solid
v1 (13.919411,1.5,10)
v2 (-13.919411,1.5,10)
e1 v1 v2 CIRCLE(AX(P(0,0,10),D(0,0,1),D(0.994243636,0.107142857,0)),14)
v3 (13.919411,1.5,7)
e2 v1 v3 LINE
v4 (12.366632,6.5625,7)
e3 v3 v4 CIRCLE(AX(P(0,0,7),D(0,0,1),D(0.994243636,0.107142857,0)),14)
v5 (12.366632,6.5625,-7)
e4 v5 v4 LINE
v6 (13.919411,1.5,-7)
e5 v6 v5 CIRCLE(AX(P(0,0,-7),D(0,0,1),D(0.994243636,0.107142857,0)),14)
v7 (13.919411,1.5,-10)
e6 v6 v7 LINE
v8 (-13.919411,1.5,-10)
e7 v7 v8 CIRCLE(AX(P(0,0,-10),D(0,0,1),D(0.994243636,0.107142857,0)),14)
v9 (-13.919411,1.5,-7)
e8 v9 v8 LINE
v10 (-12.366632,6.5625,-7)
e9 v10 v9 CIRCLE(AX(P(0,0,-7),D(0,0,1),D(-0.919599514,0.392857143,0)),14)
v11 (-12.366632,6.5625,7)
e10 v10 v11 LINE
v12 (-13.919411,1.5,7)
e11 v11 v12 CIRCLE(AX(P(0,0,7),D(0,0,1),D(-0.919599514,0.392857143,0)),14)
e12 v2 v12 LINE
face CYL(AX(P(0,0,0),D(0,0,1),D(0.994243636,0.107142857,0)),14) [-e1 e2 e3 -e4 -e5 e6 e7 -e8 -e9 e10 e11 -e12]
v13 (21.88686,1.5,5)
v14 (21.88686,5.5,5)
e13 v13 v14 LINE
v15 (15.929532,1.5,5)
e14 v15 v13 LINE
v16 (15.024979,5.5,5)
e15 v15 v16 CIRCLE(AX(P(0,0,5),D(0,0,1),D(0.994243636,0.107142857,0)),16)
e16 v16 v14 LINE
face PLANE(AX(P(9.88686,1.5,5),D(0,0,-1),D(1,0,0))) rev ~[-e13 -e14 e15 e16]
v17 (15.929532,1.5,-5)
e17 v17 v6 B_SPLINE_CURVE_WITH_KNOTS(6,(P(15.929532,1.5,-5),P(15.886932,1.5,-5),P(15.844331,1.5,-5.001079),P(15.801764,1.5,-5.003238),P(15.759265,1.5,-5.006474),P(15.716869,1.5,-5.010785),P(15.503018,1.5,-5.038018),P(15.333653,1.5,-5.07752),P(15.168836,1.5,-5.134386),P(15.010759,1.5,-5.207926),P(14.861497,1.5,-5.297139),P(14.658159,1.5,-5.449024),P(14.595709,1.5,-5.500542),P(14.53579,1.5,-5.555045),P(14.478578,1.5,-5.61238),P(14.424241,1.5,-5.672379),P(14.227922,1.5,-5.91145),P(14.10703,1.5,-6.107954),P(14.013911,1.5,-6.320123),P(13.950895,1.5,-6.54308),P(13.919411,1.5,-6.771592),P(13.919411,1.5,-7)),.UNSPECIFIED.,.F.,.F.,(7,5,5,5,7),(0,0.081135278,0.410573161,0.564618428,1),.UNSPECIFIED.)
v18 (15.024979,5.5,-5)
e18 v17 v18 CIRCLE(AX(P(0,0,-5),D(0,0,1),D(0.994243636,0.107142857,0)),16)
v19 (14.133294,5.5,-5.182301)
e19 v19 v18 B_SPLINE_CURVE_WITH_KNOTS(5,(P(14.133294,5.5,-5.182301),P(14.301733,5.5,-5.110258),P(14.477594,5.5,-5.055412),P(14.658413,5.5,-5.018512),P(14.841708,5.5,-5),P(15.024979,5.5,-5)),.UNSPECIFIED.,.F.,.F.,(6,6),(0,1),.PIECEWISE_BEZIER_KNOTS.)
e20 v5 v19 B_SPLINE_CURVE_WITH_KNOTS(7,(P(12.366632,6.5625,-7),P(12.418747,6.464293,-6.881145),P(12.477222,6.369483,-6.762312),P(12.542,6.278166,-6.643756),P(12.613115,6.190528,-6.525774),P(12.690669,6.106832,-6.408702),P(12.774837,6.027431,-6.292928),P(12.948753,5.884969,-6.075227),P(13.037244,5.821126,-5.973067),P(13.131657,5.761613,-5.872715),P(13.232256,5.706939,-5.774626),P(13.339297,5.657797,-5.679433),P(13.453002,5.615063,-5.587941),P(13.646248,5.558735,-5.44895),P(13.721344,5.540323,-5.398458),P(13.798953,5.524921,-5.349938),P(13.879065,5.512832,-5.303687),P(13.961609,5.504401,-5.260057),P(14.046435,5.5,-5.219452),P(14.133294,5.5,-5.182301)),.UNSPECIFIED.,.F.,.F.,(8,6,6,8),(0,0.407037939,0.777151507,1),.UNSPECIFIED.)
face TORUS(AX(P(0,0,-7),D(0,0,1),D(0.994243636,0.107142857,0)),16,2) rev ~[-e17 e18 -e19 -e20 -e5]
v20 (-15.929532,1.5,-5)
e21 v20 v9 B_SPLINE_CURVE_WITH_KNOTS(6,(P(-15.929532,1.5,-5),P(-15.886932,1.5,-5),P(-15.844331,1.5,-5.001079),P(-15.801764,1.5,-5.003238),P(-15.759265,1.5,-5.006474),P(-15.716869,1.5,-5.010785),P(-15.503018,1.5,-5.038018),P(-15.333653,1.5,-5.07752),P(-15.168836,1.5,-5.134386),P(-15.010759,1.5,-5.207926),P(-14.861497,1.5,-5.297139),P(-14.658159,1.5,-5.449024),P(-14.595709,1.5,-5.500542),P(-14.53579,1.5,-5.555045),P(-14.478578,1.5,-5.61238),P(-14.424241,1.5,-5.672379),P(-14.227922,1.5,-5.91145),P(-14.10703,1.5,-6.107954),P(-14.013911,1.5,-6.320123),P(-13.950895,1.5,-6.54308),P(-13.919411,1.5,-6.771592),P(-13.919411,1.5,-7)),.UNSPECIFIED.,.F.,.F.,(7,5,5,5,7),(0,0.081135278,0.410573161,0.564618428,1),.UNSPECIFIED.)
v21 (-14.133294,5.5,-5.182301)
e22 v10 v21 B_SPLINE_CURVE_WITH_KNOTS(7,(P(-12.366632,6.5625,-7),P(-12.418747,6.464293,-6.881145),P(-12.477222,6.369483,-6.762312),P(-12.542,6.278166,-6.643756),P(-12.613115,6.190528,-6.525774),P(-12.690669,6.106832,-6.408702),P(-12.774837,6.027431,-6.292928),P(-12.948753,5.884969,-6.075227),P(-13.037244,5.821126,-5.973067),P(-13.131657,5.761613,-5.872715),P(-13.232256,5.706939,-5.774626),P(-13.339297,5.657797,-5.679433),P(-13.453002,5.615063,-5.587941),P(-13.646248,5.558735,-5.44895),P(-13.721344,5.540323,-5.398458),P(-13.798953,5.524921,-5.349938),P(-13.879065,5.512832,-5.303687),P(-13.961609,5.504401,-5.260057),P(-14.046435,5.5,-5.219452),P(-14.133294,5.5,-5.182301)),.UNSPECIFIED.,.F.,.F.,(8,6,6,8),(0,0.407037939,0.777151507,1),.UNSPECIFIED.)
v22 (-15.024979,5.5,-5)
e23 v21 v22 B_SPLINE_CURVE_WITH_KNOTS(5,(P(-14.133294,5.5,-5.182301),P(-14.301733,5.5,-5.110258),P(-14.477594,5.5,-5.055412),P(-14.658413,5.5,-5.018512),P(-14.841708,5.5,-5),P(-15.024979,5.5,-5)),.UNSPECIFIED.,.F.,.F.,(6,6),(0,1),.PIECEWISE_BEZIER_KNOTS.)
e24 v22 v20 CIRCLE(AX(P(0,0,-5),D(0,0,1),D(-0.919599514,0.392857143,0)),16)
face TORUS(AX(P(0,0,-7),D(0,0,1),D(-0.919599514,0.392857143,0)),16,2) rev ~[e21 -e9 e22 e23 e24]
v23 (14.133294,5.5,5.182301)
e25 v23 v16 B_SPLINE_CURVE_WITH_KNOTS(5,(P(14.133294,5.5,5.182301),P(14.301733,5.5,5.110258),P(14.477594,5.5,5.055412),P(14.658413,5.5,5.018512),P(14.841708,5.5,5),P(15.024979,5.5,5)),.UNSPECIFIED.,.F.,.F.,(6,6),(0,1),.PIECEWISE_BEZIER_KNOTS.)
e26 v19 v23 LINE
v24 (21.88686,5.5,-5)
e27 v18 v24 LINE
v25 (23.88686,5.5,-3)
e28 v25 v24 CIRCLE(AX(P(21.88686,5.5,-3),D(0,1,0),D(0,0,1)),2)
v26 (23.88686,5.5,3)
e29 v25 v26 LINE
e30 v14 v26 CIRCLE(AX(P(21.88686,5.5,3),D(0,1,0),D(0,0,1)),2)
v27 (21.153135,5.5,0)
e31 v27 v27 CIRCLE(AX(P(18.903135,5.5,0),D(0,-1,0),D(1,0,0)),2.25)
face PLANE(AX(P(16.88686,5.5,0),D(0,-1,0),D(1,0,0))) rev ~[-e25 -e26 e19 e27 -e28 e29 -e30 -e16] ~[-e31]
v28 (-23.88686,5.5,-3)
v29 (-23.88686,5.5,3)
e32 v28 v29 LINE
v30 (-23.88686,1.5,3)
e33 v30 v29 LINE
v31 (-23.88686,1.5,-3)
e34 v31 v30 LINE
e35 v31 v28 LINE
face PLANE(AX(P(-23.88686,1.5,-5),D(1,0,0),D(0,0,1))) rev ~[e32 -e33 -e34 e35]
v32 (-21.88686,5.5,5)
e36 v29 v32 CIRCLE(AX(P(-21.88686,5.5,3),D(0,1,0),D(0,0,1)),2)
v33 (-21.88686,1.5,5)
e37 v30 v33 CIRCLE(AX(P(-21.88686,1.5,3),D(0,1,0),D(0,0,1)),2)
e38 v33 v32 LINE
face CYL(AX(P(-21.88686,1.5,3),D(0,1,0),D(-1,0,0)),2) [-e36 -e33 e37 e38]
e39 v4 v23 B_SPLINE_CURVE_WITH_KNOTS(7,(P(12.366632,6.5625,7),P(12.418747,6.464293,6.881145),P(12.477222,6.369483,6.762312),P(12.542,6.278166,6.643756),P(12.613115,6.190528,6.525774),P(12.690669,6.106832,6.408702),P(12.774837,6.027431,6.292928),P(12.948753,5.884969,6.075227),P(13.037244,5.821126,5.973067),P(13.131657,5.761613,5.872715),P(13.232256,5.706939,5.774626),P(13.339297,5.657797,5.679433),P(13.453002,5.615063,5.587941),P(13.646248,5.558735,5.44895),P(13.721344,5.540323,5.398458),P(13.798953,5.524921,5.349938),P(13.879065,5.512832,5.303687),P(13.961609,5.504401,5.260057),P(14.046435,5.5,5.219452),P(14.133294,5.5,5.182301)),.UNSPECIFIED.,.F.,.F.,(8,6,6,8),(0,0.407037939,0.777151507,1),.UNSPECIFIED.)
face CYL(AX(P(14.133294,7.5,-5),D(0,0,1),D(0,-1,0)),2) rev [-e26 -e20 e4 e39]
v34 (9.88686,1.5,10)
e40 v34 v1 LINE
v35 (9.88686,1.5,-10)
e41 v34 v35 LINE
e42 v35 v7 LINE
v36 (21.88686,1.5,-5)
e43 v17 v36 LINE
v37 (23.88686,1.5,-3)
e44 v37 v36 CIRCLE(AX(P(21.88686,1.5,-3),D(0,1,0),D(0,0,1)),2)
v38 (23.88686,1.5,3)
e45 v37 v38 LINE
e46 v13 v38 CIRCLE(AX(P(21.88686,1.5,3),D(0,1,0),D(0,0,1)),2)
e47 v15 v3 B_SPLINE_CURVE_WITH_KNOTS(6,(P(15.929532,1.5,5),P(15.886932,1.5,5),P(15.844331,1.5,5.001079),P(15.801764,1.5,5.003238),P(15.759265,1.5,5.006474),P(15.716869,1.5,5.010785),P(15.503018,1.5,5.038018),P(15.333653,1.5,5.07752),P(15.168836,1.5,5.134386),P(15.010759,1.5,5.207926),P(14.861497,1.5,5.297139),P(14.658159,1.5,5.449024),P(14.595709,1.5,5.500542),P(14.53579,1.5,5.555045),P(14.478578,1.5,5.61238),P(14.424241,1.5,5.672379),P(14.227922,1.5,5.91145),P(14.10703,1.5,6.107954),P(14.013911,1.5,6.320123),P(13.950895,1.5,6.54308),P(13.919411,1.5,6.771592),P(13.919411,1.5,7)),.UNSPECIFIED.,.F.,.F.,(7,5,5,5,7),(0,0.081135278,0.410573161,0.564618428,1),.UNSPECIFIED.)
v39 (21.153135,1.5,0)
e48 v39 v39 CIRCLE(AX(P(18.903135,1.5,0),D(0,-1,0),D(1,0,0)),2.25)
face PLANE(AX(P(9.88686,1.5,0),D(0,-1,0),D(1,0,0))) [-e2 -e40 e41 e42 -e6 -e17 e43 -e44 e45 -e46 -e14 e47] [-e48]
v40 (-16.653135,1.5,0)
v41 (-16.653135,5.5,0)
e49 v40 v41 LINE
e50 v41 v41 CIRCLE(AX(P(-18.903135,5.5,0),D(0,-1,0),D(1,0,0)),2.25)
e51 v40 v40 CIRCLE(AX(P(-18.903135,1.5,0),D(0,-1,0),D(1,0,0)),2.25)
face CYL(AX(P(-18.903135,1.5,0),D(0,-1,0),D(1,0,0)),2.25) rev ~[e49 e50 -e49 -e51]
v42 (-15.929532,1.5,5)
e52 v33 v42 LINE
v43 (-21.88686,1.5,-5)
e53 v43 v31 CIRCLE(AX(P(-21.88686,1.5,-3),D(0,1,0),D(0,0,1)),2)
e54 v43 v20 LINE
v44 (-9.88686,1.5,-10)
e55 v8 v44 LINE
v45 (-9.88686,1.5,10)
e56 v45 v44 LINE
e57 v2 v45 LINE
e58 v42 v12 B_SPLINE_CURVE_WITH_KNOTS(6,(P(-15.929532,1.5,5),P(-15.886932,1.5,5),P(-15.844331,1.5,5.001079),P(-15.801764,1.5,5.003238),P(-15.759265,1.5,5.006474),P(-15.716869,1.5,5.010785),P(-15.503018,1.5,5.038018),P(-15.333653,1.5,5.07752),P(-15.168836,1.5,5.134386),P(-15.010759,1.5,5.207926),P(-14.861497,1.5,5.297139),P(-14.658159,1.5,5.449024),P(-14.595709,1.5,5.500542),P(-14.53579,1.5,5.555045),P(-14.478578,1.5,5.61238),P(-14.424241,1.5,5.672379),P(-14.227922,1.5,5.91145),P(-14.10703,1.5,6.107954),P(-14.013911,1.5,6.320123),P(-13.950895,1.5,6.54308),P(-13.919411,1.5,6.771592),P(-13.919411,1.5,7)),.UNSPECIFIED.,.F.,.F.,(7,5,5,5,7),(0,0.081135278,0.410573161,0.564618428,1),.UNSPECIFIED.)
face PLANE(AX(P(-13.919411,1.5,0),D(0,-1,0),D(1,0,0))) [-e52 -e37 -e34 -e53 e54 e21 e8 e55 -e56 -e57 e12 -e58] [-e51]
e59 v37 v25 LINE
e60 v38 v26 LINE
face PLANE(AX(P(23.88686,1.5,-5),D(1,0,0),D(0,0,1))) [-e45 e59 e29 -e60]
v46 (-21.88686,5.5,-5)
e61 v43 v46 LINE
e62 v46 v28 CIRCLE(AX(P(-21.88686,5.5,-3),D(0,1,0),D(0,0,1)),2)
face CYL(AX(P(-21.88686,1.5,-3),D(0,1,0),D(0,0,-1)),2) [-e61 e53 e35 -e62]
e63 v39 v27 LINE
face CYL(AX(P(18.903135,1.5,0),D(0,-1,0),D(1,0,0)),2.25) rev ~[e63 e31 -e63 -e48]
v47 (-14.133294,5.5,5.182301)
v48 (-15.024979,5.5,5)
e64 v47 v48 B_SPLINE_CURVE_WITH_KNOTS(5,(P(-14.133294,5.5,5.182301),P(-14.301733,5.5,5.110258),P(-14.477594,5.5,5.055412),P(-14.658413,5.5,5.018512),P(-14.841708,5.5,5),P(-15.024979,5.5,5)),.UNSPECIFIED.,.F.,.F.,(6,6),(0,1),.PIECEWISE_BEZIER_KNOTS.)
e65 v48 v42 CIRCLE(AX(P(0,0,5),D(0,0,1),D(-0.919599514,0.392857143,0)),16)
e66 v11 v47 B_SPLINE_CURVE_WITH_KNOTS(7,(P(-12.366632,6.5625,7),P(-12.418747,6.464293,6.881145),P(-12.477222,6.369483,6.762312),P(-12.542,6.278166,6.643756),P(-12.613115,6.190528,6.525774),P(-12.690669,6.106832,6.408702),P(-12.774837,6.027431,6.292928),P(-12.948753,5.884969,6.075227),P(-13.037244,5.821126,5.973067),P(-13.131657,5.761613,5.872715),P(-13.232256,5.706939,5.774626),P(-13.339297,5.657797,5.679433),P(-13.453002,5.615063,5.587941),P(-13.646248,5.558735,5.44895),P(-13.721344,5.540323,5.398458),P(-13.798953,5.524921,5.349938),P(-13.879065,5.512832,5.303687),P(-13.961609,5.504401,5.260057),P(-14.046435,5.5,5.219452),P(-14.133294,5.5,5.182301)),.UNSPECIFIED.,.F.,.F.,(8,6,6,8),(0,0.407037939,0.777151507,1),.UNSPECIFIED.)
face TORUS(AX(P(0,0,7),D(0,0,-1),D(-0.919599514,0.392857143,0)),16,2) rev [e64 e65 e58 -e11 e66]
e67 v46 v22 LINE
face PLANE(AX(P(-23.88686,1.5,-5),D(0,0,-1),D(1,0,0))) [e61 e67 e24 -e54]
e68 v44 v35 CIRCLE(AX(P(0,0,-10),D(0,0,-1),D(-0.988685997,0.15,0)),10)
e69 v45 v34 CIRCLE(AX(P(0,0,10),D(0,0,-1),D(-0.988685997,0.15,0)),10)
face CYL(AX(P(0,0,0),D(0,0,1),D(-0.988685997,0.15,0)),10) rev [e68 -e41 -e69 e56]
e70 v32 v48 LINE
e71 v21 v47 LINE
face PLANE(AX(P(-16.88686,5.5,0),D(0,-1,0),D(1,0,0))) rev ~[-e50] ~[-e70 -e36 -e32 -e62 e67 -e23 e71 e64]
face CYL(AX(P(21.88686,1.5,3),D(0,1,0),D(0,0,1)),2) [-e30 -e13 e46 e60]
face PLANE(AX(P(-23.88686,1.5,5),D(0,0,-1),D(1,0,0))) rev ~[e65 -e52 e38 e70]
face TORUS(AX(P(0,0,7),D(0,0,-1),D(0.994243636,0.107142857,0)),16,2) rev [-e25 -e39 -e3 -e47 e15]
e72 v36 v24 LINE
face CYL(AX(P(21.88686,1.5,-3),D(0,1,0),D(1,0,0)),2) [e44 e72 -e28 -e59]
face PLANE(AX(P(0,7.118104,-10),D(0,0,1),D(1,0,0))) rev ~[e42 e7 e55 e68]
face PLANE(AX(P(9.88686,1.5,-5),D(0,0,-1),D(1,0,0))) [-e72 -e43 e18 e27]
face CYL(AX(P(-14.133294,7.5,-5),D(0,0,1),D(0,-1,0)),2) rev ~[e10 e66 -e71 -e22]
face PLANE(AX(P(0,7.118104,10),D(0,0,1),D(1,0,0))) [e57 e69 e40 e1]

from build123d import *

# Parameters (mm, degrees)
BOSS_EXTRUDE1_DEPTH = 10
SKETCH2_W           = 14
SKETCH2_H           = 10
SKETCH2_R           = 2.25
BOSS_EXTRUDE2_DEPTH = 4
FILLET1_R           = 2


with BuildPart() as part:
    # Sketch1 → Boss-Extrude1 (new body, symmetric)
    with BuildSketch(Plane.XY):
        with BuildLine():
            Line((-13.919410907, 1.5), (-9.886859967, 1.5))
            ThreePointArc((-9.886859967, 1.5), (0, 10), (9.886859967, 1.5))
            Line((9.886859967, 1.5), (13.919410907, 1.5))
            ThreePointArc((13.919410907, 1.5), (0, 14), (-13.919410907, 1.5))
        make_face()
    extrude(amount=BOSS_EXTRUDE1_DEPTH, both=True)

    # Sketch2 → Boss-Extrude2 (add)
    with BuildSketch(Plane.XZ.offset(-1.5)):
        with Locations((16.886859967, 0)):
            Rectangle(SKETCH2_W, SKETCH2_H)
        with Locations((18.903135437, 0)):
            Circle(SKETCH2_R, mode=Mode.SUBTRACT)
        with Locations((-16.886859967, 0)):
            Rectangle(SKETCH2_W, SKETCH2_H)
        with Locations((-18.903135437, 0)):
            Circle(SKETCH2_R, mode=Mode.SUBTRACT)
    extrude(amount=-BOSS_EXTRUDE2_DEPTH)

    # Fillet1
    fillet1_edges = [part.edges().sort_by_distance(p)[0] for p in [
        (-12.87439319, 5.5, 0),
        (12.87439319, 5.5, 0),
        (13.54536764, 3.538787293, -5),
        (13.54536764, 3.538787293, 5),
        (23.886859967, 3.5, 5),
        (23.886859967, 3.5, -5),
        (-23.886859967, 3.5, 5),
        (-13.54536764, 3.538787293, -5),
        (-23.886859967, 3.5, -5),
        (-13.54536764, 3.538787293, 5),
    ]]
    fillet(fillet1_edges, radius=FILLET1_R)


solid = part.part
